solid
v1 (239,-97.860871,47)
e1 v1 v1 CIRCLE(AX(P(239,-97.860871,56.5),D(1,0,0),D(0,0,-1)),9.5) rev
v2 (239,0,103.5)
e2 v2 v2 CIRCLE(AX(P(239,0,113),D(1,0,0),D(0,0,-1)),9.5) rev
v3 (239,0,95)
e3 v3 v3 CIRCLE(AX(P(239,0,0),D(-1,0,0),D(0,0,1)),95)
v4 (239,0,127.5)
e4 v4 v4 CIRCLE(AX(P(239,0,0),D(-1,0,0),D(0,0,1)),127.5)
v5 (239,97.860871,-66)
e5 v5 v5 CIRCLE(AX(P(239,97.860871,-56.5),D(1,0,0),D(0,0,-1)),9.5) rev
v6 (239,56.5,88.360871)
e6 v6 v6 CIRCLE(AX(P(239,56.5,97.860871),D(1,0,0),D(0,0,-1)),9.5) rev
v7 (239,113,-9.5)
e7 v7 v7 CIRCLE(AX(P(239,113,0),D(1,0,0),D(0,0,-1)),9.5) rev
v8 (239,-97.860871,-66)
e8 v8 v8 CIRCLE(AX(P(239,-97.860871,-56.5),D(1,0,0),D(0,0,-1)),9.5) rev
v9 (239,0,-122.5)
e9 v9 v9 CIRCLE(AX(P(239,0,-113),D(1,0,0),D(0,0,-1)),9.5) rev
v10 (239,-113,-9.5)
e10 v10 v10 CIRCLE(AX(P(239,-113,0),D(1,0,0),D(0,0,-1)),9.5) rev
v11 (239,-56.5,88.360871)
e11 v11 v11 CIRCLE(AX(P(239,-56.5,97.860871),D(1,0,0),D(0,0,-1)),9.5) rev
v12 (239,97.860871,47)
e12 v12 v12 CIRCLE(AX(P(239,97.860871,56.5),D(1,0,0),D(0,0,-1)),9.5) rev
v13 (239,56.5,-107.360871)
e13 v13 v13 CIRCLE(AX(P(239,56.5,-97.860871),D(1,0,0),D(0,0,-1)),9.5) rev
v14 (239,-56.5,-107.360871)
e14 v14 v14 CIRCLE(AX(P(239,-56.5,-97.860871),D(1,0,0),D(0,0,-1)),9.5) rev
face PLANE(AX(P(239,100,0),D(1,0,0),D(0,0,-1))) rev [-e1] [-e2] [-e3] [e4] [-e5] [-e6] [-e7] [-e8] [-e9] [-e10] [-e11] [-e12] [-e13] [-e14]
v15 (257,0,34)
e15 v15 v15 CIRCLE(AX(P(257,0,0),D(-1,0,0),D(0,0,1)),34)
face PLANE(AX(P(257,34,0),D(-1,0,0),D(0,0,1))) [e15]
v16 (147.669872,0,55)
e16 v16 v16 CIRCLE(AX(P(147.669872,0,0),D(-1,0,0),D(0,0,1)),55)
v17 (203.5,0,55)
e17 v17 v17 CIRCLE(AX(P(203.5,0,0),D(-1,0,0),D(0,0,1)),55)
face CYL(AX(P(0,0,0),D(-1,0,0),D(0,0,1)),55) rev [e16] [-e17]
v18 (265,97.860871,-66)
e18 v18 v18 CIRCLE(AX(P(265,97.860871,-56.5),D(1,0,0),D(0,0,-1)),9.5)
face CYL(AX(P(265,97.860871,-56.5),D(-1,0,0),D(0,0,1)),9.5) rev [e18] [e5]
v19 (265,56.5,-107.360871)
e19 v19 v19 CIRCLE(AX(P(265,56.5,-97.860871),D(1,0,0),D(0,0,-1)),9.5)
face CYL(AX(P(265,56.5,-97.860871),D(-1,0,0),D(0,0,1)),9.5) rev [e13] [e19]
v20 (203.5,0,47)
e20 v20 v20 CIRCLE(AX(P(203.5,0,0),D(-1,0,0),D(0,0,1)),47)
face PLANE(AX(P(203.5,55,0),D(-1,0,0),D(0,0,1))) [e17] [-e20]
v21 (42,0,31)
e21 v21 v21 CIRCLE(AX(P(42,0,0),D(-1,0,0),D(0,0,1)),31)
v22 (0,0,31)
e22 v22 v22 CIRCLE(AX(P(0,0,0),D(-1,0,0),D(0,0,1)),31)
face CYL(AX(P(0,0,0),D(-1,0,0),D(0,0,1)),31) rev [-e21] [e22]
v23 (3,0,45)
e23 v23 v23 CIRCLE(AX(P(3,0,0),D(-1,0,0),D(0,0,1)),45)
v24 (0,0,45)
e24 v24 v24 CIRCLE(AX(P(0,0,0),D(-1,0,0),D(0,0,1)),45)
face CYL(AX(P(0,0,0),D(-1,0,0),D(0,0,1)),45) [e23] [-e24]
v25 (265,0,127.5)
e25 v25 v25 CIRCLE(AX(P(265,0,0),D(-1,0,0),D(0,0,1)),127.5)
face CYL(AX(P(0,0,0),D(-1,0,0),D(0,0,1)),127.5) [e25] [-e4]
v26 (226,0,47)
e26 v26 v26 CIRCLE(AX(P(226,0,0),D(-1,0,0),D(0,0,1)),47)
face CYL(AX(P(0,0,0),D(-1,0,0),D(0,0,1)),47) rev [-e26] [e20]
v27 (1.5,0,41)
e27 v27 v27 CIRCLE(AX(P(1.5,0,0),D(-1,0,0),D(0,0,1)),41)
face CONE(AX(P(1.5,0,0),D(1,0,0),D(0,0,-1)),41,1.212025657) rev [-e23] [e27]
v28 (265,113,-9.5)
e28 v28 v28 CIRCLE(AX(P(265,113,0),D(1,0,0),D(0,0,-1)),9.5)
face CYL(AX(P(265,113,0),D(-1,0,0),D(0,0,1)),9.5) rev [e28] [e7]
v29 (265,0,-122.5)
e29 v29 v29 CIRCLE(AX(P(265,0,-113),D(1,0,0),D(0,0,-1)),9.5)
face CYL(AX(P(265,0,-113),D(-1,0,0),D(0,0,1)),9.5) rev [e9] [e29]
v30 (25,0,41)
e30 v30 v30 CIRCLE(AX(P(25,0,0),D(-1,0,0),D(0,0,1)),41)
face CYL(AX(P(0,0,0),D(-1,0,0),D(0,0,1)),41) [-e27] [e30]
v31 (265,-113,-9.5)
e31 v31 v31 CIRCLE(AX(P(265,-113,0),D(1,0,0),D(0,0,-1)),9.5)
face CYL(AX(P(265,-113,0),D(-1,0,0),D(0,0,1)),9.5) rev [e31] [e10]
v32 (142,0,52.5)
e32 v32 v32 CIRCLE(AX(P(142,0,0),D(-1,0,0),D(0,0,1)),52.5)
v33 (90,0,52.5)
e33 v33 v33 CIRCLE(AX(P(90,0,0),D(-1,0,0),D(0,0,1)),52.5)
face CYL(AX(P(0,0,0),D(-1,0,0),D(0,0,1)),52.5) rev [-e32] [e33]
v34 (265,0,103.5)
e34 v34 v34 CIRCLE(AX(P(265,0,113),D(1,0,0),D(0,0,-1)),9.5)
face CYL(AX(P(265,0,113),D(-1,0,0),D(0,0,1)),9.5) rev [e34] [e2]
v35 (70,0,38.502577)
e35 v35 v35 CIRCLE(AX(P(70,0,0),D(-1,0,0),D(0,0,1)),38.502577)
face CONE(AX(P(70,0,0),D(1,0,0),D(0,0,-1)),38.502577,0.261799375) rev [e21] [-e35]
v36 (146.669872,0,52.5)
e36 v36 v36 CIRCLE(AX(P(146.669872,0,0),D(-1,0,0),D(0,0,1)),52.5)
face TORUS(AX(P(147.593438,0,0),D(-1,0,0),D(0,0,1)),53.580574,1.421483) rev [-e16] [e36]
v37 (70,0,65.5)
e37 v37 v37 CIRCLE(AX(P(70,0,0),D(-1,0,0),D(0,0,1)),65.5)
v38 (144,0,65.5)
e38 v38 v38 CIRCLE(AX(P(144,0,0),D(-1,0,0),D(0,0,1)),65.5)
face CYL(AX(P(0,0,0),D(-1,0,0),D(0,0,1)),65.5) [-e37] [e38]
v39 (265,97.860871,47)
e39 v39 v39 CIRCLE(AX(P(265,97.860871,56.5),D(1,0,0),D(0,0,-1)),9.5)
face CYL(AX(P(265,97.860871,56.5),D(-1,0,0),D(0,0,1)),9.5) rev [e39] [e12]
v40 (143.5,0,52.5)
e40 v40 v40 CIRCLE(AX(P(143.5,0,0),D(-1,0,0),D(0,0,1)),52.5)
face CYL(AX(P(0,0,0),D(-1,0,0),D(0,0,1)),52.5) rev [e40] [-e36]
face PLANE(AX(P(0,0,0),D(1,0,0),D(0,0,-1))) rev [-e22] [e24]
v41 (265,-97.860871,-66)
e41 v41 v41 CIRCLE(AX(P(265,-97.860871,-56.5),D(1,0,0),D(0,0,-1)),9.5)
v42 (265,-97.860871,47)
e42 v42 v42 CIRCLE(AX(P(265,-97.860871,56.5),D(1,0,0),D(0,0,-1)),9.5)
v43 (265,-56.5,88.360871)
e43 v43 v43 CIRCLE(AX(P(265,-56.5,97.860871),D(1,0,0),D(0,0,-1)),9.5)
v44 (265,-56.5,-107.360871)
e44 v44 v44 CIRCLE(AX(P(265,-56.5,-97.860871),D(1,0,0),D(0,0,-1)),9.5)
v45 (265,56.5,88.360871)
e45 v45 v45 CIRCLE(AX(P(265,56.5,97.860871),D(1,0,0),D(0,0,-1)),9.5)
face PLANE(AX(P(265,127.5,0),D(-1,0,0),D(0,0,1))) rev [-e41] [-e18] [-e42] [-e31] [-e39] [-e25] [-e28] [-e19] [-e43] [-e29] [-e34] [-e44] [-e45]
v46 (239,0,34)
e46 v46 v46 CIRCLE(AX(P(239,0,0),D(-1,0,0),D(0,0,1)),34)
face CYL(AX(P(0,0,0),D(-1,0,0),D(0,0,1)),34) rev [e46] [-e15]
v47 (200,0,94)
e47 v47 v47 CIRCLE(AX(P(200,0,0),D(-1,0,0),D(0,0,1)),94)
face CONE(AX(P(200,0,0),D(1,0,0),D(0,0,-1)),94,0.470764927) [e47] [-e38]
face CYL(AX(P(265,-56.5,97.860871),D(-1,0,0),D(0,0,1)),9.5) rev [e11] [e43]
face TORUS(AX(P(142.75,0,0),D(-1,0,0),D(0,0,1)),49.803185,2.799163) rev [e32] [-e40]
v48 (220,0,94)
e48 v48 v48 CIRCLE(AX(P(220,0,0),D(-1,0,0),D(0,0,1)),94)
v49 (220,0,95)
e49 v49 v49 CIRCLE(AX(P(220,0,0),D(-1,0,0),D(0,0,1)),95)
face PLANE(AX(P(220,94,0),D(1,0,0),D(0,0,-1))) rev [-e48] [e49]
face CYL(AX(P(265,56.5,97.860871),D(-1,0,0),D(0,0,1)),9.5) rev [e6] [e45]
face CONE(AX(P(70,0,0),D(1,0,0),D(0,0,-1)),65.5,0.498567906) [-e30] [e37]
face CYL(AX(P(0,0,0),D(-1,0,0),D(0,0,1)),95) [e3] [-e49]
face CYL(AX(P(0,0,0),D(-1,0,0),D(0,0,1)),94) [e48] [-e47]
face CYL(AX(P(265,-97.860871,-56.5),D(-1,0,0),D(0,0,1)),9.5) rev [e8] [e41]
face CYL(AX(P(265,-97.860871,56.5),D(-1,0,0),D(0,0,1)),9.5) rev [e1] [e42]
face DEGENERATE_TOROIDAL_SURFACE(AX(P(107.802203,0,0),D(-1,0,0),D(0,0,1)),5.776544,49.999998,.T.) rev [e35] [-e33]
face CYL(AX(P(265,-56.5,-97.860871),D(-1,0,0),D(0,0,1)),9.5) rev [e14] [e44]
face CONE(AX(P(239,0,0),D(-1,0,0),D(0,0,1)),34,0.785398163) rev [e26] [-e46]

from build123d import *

# Parameters (mm, degrees)
SKETCH_3_R           = 9.5
CUT_EXTRUDE_1_DEPTH  = 321.526909947
SKETCH_4_R           = 9.5
CUT_EXTRUDE_2_DEPTH  = 321.526909947
SKETCH_5_R           = 9.5
CUT_EXTRUDE_3_DEPTH  = 321.526909947
SKETCH_6_R           = 9.5
CUT_EXTRUDE_4_DEPTH  = 321.526909947
SKETCH_7_R           = 9.5
CUT_EXTRUDE_5_DEPTH  = 321.526909947
SKETCH_8_R           = 9.5
CUT_EXTRUDE_6_DEPTH  = 321.526909947
SKETCH_9_R           = 9.5
CUT_EXTRUDE_7_DEPTH  = 321.526909947
SKETCH_10_R          = 9.5
CUT_EXTRUDE_8_DEPTH  = 321.526909947
SKETCH_11_R          = 9.5
CUT_EXTRUDE_9_DEPTH  = 321.526909947
SKETCH_12_R          = 9.5
CUT_EXTRUDE_10_DEPTH = 321.526909947
SKETCH_13_R          = 9.5
CUT_EXTRUDE_11_DEPTH = 321.526909947
SKETCH_14_R          = 9.5
CUT_EXTRUDE_12_DEPTH = 321.526909947


with BuildPart() as part:
    # Эскиз1 → Повернуть1 (revolve)
    with BuildSketch(Plane.XY, mode=Mode.PRIVATE) as revolve_1_sk:
        Polygon((0, 0), (265, 0), (265, 127.5), (239, 127.5), (239, 100), (239, 95), (220, 95), (220, 94), (200, 94), (144, 65.5), (70, 65.5), (25, 41), (1.5, 41), (3, 45), (0, 45), align=None)
    revolve(revolve_1_sk.sketch.rotate(Axis((0, 0, 0), (1, 0, 0)), 90), axis=Axis((0, 0, 0), (1, 0, 0)))

    # Эскиз2 → Вырез-Повернуть1 (revolve, cut)
    with BuildSketch(Plane.XY, mode=Mode.PRIVATE) as cut_revolve_1_sk:
        with BuildLine():
            Line((0, 0), (257, 0))
            Line((257, 0), (257, 34))
            Line((257, 34), (239, 34))
            Line((239, 34), (226, 47))
            Line((226, 47), (203.5, 47))
            Line((203.5, 47), (203.5, 55))
            Line((203.5, 55), (147.669872, 55))
            ThreePointArc((147.669872, 55), (146.273624348, 54.108499061), (146.669872, 52.5))
            Line((146.669872, 52.5), (143.5, 52.5))
            ThreePointArc((143.5, 52.5), (142.75, 52.602347572), (142, 52.5))
            Line((142, 52.5), (90, 52.5))
            ThreePointArc((90, 52.5), (79.13262933, 46.740617582), (70, 38.502577))
            Line((70, 38.502577), (42, 31))
            Line((42, 31), (0, 31))
            Line((0, 31), (0, 0))
        make_face()
    revolve(cut_revolve_1_sk.sketch.rotate(Axis((0, 0, 0), (1, 0, 0)), 90), axis=Axis((0, 0, 0), (1, 0, 0)), mode=Mode.SUBTRACT)

    # Эскиз3 → Вырез-Вытянуть1 (cut, through all)
    with BuildSketch(Plane(origin=(0, 0, 0), x_dir=(0, 0, -1), z_dir=(1, 0, 0))):
        with Locations((0, 113)):
            Circle(SKETCH_3_R)
    extrude(amount=CUT_EXTRUDE_1_DEPTH, mode=Mode.SUBTRACT)

    # Эскиз4 → Вырез-Вытянуть2 (cut, through all)
    with BuildSketch(Plane(origin=(0, 0, 0), x_dir=(0, 0, -1), z_dir=(1, 0, 0))):
        with Locations((-56.5, 97.860870628)):
            Circle(SKETCH_4_R)
    extrude(amount=CUT_EXTRUDE_2_DEPTH, mode=Mode.SUBTRACT)

    # Эскиз5 → Вырез-Вытянуть3 (cut, through all)
    with BuildSketch(Plane(origin=(0, 0, 0), x_dir=(0, 0, -1), z_dir=(1, 0, 0))):
        with Locations((-97.860870628, 56.5)):
            Circle(SKETCH_5_R)
    extrude(amount=CUT_EXTRUDE_3_DEPTH, mode=Mode.SUBTRACT)

    # Эскиз6 → Вырез-Вытянуть4 (cut, through all)
    with BuildSketch(Plane(origin=(0, 0, 0), x_dir=(0, 0, -1), z_dir=(1, 0, 0))):
        with Locations((-113, 0)):
            Circle(SKETCH_6_R)
    extrude(amount=CUT_EXTRUDE_4_DEPTH, mode=Mode.SUBTRACT)

    # Эскиз7 → Вырез-Вытянуть5 (cut, through all)
    with BuildSketch(Plane(origin=(0, 0, 0), x_dir=(0, 0, -1), z_dir=(1, 0, 0))):
        with Locations((-97.860870628, -56.5)):
            Circle(SKETCH_7_R)
    extrude(amount=CUT_EXTRUDE_5_DEPTH, mode=Mode.SUBTRACT)

    # Эскиз8 → Вырез-Вытянуть6 (cut, through all)
    with BuildSketch(Plane(origin=(0, 0, 0), x_dir=(0, 0, -1), z_dir=(1, 0, 0))):
        with Locations((-56.5, -97.860870628)):
            Circle(SKETCH_8_R)
    extrude(amount=CUT_EXTRUDE_6_DEPTH, mode=Mode.SUBTRACT)

    # Эскиз9 → Вырез-Вытянуть7 (cut, through all)
    with BuildSketch(Plane(origin=(0, 0, 0), x_dir=(0, 0, -1), z_dir=(1, 0, 0))):
        with Locations((0, -113)):
            Circle(SKETCH_9_R)
    extrude(amount=CUT_EXTRUDE_7_DEPTH, mode=Mode.SUBTRACT)

    # Эскиз10 → Вырез-Вытянуть8 (cut, through all)
    with BuildSketch(Plane(origin=(0, 0, 0), x_dir=(0, 0, -1), z_dir=(1, 0, 0))):
        with Locations((56.5, -97.860870628)):
            Circle(SKETCH_10_R)
    extrude(amount=CUT_EXTRUDE_8_DEPTH, mode=Mode.SUBTRACT)

    # Эскиз11 → Вырез-Вытянуть9 (cut, through all)
    with BuildSketch(Plane(origin=(0, 0, 0), x_dir=(0, 0, -1), z_dir=(1, 0, 0))):
        with Locations((97.860870628, -56.5)):
            Circle(SKETCH_11_R)
    extrude(amount=CUT_EXTRUDE_9_DEPTH, mode=Mode.SUBTRACT)

    # Эскиз12 → Вырез-Вытянуть10 (cut, through all)
    with BuildSketch(Plane(origin=(0, 0, 0), x_dir=(0, 0, -1), z_dir=(1, 0, 0))):
        with Locations((113, 0)):
            Circle(SKETCH_12_R)
    extrude(amount=CUT_EXTRUDE_10_DEPTH, mode=Mode.SUBTRACT)

    # Эскиз13 → Вырез-Вытянуть11 (cut, through all)
    with BuildSketch(Plane(origin=(0, 0, 0), x_dir=(0, 0, -1), z_dir=(1, 0, 0))):
        with Locations((97.860870628, 56.5)):
            Circle(SKETCH_13_R)
    extrude(amount=CUT_EXTRUDE_11_DEPTH, mode=Mode.SUBTRACT)

    # Эскиз14 → Вырез-Вытянуть12 (cut, through all)
    with BuildSketch(Plane(origin=(0, 0, 0), x_dir=(0, 0, -1), z_dir=(1, 0, 0))):
        with Locations((56.5, 97.860870628)):
            Circle(SKETCH_14_R)
    extrude(amount=CUT_EXTRUDE_12_DEPTH, mode=Mode.SUBTRACT)


solid = part.part
